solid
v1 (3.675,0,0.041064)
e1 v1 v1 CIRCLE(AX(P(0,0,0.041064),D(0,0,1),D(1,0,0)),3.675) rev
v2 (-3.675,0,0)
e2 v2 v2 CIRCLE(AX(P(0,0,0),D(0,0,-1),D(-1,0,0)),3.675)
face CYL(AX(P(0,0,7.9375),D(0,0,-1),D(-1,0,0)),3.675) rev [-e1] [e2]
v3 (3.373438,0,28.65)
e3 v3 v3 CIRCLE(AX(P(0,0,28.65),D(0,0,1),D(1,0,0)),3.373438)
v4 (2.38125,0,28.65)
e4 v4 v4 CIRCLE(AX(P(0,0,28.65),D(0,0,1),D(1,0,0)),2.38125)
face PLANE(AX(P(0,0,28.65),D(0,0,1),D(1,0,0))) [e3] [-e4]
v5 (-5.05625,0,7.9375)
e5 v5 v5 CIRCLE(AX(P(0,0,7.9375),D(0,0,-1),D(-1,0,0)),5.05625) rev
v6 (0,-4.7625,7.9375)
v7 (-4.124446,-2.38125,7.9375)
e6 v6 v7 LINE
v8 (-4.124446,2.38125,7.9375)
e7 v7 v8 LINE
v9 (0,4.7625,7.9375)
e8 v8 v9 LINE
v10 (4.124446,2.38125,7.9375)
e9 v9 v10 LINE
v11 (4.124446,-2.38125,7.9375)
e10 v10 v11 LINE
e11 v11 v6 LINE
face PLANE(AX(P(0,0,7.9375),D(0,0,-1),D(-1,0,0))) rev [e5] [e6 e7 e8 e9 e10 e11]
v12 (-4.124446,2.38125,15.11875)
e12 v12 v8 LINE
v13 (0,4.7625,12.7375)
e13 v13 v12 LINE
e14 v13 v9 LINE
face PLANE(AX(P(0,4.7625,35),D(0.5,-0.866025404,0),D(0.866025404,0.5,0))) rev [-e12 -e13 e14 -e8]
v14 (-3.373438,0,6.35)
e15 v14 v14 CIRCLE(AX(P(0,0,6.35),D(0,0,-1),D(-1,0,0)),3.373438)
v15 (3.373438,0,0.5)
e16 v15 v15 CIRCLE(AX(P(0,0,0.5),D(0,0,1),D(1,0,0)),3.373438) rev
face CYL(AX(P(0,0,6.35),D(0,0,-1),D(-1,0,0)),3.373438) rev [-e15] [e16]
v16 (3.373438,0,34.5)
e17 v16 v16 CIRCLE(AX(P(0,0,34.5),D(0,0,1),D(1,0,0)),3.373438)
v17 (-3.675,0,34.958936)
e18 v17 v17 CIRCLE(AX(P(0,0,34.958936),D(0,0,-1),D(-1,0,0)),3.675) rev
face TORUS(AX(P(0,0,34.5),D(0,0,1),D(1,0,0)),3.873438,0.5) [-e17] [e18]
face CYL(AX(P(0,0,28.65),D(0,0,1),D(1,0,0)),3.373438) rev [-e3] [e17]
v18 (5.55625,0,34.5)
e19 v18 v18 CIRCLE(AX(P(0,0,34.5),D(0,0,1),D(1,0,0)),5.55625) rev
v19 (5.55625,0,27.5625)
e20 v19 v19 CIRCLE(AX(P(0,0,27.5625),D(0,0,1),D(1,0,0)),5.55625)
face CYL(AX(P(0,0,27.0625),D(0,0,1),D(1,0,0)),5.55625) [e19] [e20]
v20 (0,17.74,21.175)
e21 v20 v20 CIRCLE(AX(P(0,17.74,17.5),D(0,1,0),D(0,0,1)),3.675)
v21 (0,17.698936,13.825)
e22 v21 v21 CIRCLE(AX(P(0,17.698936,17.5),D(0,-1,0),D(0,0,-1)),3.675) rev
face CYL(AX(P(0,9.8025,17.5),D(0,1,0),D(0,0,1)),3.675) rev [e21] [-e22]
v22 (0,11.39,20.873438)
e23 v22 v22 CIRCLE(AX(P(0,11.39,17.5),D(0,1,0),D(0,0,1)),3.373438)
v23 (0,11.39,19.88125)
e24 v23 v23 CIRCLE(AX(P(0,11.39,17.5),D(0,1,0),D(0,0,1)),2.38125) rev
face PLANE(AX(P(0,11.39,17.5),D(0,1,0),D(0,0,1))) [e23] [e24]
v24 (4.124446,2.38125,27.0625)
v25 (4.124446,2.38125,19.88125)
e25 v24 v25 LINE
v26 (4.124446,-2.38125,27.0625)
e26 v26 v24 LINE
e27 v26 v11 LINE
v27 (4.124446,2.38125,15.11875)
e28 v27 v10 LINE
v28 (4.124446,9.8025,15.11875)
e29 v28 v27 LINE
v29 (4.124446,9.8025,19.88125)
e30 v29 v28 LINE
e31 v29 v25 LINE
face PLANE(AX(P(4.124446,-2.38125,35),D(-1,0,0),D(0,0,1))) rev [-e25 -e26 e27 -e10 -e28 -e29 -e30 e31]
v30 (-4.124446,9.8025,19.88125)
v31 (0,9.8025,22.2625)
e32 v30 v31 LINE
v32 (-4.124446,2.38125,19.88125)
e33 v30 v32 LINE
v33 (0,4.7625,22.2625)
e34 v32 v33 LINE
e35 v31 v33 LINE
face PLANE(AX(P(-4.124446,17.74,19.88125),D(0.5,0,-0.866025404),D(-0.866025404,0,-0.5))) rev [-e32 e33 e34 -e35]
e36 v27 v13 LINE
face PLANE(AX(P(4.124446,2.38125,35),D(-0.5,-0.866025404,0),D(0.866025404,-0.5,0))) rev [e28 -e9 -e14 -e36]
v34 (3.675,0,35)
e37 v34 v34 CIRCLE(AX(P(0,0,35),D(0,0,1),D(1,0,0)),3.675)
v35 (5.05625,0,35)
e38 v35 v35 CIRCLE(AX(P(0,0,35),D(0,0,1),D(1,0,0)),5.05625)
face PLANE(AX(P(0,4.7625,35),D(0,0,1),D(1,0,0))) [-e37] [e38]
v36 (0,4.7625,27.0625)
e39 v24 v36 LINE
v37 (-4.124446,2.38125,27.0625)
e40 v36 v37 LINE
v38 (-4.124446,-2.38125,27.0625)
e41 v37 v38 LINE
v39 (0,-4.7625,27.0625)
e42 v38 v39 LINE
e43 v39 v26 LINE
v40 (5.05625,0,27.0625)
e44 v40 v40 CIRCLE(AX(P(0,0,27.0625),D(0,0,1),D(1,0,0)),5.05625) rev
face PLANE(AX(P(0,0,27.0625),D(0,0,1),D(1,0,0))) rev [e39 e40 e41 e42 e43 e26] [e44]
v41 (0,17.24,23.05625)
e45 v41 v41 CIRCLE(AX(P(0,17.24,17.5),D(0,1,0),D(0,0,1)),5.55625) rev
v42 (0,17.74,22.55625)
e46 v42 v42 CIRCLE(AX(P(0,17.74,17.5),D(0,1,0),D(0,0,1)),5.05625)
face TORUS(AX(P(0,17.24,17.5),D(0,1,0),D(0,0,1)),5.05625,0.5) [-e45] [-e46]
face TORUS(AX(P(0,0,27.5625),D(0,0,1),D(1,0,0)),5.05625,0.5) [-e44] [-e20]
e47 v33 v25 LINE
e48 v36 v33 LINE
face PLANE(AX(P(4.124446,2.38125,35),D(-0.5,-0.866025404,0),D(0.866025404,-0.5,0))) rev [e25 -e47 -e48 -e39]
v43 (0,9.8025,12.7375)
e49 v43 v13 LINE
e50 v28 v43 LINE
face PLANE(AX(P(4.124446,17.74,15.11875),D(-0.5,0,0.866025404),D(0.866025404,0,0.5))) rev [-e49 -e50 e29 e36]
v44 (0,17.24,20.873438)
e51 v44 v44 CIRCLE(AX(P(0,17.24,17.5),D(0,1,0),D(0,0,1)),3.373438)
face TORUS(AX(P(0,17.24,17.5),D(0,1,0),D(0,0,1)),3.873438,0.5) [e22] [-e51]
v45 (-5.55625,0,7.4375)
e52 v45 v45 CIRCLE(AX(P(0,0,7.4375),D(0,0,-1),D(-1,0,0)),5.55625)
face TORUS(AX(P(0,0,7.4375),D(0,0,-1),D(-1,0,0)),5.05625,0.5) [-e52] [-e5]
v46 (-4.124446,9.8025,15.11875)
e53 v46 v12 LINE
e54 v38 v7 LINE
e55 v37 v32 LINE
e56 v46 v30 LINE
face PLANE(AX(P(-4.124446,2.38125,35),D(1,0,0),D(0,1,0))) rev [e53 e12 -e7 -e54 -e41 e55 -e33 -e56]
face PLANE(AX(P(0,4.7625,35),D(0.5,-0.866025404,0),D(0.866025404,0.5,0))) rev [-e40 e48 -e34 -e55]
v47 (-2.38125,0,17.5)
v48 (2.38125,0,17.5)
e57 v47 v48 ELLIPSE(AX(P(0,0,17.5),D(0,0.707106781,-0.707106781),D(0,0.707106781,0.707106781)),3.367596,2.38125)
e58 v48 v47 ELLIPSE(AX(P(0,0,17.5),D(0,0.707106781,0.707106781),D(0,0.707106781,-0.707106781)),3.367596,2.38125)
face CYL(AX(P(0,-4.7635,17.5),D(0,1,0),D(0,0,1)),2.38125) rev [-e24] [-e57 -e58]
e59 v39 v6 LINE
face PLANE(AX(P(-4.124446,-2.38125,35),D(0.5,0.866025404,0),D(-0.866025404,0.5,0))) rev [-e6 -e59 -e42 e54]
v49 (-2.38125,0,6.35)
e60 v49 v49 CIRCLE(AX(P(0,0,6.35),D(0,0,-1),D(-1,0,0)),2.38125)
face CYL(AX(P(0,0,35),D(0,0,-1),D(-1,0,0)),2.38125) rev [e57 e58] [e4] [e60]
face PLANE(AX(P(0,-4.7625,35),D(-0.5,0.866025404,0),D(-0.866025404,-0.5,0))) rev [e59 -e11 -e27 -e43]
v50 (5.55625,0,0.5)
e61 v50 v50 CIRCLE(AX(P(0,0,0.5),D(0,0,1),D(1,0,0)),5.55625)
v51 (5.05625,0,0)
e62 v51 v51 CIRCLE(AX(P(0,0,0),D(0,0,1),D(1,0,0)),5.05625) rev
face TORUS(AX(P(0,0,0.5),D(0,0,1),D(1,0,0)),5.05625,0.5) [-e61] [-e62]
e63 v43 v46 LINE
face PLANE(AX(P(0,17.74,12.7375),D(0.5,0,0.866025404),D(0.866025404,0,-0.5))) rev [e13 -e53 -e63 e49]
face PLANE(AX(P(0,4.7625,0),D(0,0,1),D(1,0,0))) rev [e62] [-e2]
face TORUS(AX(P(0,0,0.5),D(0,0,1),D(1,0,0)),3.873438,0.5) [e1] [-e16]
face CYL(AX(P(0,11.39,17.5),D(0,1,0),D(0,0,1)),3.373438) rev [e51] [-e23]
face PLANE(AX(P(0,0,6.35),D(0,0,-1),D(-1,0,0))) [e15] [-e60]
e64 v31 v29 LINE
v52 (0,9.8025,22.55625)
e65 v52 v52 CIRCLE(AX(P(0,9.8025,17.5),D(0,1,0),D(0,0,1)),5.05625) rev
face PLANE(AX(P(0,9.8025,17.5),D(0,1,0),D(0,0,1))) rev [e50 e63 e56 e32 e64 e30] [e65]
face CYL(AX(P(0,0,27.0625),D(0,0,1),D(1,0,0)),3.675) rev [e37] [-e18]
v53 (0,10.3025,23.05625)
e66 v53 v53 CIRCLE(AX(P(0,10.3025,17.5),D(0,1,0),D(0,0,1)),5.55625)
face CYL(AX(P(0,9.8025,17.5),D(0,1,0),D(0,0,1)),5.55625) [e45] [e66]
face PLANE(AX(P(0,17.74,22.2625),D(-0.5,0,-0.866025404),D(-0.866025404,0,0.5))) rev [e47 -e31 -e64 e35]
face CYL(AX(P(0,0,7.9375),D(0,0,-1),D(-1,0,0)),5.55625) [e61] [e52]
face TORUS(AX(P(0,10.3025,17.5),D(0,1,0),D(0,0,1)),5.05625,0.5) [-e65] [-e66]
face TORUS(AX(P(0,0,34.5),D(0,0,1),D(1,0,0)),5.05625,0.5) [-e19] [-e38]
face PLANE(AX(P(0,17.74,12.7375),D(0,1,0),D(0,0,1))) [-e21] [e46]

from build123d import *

# Parameters (mm, degrees)
RESSALTO_EXTRUS_O1_DEPTH   = 35
RESSALTO_EXTRUS_O3_DEPTH   = 17.74
ESBO_O5_R                  = 2.38125
CORTE_EXTRUS_O1_DEPTH      = 40.455274105
CORTE_EXTRUS_O2_REACH      = 43.814
CORTE_EXTRUS_O2_END_RADIUS = 2.38125
ESBO_O6_R                  = 2.38125
ESBO_O7_R                  = 3.3734375
CORTE_EXTRUS_O3_DEPTH      = 6.35
CORTE_EXTRUS_O4_START      = -6.35
ESBO_O8_R                  = 3.3734375
CORTE_EXTRUS_O4_DEPTH      = 6.35
ESBO_O9_R                  = 3.3734375
CORTE_EXTRUS_O5_DEPTH      = 6.35
FILETE1_R                  = 0.5
FILETE2_R                  = 0.5
ESBO_O10_R                 = 5.55625
ESBO_O10_R_2               = 3.675
RESSALTO_EXTRUS_O4_DEPTH   = 7.9375
FILETE3_R                  = 0.5
RESSALTO_EXTRUS_O5_START   = -7.9375
ESBO_O11_R                 = 5.55625
ESBO_O11_R_2               = 3.675
RESSALTO_EXTRUS_O5_DEPTH   = 7.9375
FILETE4_R                  = 0.5
ESBO_O12_R                 = 5.55625
ESBO_O12_R_2               = 3.675
RESSALTO_EXTRUS_O6_DEPTH   = 7.9375
FILETE5_R                  = 0.5


with BuildPart() as part:
    # Esboço2 → Ressalto-extrusão1 (new body)
    with BuildSketch(Plane.XY):
        Polygon((0, 4.7625), (-4.124445986, 2.38125), (-4.124445986, -2.38125), (0, -4.7625), (4.124445986, -2.38125), (4.124445986, 2.38125), align=None)
    extrude(amount=RESSALTO_EXTRUS_O1_DEPTH)

    # Esboço4 → Ressalto-extrusão3 (add)
    with BuildSketch(Plane(origin=(0, 0, 0), x_dir=(1, 0, 0), z_dir=(0, 1, 0))):
        Polygon((0, -12.7375), (-4.124445986, -15.11875), (-4.124445986, -19.88125), (0, -22.2625), (4.124445986, -19.88125), (4.124445986, -15.11875), align=None)
    extrude(amount=RESSALTO_EXTRUS_O3_DEPTH)

    # Esboço5 → Corte-extrusão1 (cut, through all)
    with BuildSketch(Plane.XY):
        Circle(ESBO_O5_R)
    extrude(amount=CORTE_EXTRUS_O1_DEPTH, mode=Mode.SUBTRACT)

    # Corte-extrusão2: up to this cylinder (the profile starts outside it)
    corte_extrus_o2_end = Plane(origin=(0, 0, 17.5), z_dir=(0, 0, -1)) * Cylinder(CORTE_EXTRUS_O2_END_RADIUS, 93.3905, mode=Mode.PRIVATE)
    # Esboço6 → Corte-extrusão2 (cut, up to the surface)
    with BuildSketch(Plane(origin=(0, 17.74, 0), x_dir=(1, 0, 0), z_dir=(0, 1, 0)), mode=Mode.PRIVATE) as corte_extrus_o2_sk1:
        with Locations(Location((0, -17.5, 0), (0, 0, 270))):
            Circle(ESBO_O6_R)
    corte_extrus_o2_tool1 = extrude(corte_extrus_o2_sk1.sketch, amount=-CORTE_EXTRUS_O2_REACH, mode=Mode.PRIVATE) - corte_extrus_o2_end
    add(corte_extrus_o2_tool1.solids().sort_by_distance((0, 17.74, 17.5))[0], mode=Mode.SUBTRACT)

    # Esboço7 → Corte-extrusão3 (cut)
    with BuildSketch(Plane(origin=(0, 0, 0), x_dir=(-1, 0, 0), z_dir=(0, 0, -1))):
        Circle(ESBO_O7_R)
    extrude(amount=-CORTE_EXTRUS_O3_DEPTH, mode=Mode.SUBTRACT)

    # Esboço8 → Corte-extrusão4 (cut)
    with BuildSketch(Plane.XY.offset(35).offset(CORTE_EXTRUS_O4_START)):
        with Locations(Location((0, 0, 0), (0, 0, 180))):
            Circle(ESBO_O8_R)
    extrude(amount=CORTE_EXTRUS_O4_DEPTH, mode=Mode.SUBTRACT)

    # Esboço9 → Corte-extrusão5 (cut)
    with BuildSketch(Plane(origin=(0, 17.74, 0), x_dir=(1, 0, 0), z_dir=(0, 1, 0))):
        with Locations(Location((0, -17.5, 0), (0, 0, 270))):
            Circle(ESBO_O9_R)
    extrude(amount=-CORTE_EXTRUS_O5_DEPTH, mode=Mode.SUBTRACT)

    # Filete1
    filete1_edges = [part.edges().sort_by_distance(p)[0] for p in [
        (3.3734375, 0, 0),
    ]]
    fillet(filete1_edges, radius=FILETE1_R)

    # Filete2
    filete2_edges = [part.edges().sort_by_distance(p)[0] for p in [
        (3.3734375, 0, 35),
        (0, 17.74, 14.1265625),
    ]]
    fillet(filete2_edges, radius=FILETE2_R)

    # Esboço10 → Ressalto-extrusão4 (add)
    with BuildSketch(Plane.XY.offset(35)):
        Circle(ESBO_O10_R)
        Circle(ESBO_O10_R_2, mode=Mode.SUBTRACT)
    extrude(amount=-RESSALTO_EXTRUS_O4_DEPTH)

    # Filete3
    filete3_edges = [part.edges().sort_by_distance(p)[0] for p in [
        (-5.55625, 0, 35),
        (-5.55625, 0, 27.0625),
    ]]
    fillet(filete3_edges, radius=FILETE3_R)

    # Esboço11 → Ressalto-extrusão5 (add)
    with BuildSketch(Plane(origin=(0, 0, 0), x_dir=(-1, 0, 0), z_dir=(0, 0, -1)).offset(RESSALTO_EXTRUS_O5_START)):
        with Locations(Location((0, 0, 0), (0, 0, 180))):
            Circle(ESBO_O11_R)
        with Locations(Location((0, 0, 0), (0, 0, 180))):
            Circle(ESBO_O11_R_2, mode=Mode.SUBTRACT)
    extrude(amount=RESSALTO_EXTRUS_O5_DEPTH)

    # Filete4
    filete4_edges = [part.edges().sort_by_distance(p)[0] for p in [
        (-5.55625, 0, 0),
        (-5.55625, 0, 7.9375),
    ]]
    fillet(filete4_edges, radius=FILETE4_R)

    # Esboço12 → Ressalto-extrusão6 (add)
    with BuildSketch(Plane(origin=(0, 17.74, 0), x_dir=(1, 0, 0), z_dir=(0, 1, 0))):
        with Locations(Location((0, -17.5, 0), (0, 0, 270))):
            Circle(ESBO_O12_R)
        with Locations(Location((0, -17.5, 0), (0, 0, 270))):
            Circle(ESBO_O12_R_2, mode=Mode.SUBTRACT)
    extrude(amount=-RESSALTO_EXTRUS_O6_DEPTH)

    # Filete5
    filete5_edges = [part.edges().sort_by_distance(p)[0] for p in [
        (0, 17.74, 11.94375),
        (0, 9.8025, 11.94375),
    ]]
    fillet(filete5_edges, radius=FILETE5_R)


solid = part.part
